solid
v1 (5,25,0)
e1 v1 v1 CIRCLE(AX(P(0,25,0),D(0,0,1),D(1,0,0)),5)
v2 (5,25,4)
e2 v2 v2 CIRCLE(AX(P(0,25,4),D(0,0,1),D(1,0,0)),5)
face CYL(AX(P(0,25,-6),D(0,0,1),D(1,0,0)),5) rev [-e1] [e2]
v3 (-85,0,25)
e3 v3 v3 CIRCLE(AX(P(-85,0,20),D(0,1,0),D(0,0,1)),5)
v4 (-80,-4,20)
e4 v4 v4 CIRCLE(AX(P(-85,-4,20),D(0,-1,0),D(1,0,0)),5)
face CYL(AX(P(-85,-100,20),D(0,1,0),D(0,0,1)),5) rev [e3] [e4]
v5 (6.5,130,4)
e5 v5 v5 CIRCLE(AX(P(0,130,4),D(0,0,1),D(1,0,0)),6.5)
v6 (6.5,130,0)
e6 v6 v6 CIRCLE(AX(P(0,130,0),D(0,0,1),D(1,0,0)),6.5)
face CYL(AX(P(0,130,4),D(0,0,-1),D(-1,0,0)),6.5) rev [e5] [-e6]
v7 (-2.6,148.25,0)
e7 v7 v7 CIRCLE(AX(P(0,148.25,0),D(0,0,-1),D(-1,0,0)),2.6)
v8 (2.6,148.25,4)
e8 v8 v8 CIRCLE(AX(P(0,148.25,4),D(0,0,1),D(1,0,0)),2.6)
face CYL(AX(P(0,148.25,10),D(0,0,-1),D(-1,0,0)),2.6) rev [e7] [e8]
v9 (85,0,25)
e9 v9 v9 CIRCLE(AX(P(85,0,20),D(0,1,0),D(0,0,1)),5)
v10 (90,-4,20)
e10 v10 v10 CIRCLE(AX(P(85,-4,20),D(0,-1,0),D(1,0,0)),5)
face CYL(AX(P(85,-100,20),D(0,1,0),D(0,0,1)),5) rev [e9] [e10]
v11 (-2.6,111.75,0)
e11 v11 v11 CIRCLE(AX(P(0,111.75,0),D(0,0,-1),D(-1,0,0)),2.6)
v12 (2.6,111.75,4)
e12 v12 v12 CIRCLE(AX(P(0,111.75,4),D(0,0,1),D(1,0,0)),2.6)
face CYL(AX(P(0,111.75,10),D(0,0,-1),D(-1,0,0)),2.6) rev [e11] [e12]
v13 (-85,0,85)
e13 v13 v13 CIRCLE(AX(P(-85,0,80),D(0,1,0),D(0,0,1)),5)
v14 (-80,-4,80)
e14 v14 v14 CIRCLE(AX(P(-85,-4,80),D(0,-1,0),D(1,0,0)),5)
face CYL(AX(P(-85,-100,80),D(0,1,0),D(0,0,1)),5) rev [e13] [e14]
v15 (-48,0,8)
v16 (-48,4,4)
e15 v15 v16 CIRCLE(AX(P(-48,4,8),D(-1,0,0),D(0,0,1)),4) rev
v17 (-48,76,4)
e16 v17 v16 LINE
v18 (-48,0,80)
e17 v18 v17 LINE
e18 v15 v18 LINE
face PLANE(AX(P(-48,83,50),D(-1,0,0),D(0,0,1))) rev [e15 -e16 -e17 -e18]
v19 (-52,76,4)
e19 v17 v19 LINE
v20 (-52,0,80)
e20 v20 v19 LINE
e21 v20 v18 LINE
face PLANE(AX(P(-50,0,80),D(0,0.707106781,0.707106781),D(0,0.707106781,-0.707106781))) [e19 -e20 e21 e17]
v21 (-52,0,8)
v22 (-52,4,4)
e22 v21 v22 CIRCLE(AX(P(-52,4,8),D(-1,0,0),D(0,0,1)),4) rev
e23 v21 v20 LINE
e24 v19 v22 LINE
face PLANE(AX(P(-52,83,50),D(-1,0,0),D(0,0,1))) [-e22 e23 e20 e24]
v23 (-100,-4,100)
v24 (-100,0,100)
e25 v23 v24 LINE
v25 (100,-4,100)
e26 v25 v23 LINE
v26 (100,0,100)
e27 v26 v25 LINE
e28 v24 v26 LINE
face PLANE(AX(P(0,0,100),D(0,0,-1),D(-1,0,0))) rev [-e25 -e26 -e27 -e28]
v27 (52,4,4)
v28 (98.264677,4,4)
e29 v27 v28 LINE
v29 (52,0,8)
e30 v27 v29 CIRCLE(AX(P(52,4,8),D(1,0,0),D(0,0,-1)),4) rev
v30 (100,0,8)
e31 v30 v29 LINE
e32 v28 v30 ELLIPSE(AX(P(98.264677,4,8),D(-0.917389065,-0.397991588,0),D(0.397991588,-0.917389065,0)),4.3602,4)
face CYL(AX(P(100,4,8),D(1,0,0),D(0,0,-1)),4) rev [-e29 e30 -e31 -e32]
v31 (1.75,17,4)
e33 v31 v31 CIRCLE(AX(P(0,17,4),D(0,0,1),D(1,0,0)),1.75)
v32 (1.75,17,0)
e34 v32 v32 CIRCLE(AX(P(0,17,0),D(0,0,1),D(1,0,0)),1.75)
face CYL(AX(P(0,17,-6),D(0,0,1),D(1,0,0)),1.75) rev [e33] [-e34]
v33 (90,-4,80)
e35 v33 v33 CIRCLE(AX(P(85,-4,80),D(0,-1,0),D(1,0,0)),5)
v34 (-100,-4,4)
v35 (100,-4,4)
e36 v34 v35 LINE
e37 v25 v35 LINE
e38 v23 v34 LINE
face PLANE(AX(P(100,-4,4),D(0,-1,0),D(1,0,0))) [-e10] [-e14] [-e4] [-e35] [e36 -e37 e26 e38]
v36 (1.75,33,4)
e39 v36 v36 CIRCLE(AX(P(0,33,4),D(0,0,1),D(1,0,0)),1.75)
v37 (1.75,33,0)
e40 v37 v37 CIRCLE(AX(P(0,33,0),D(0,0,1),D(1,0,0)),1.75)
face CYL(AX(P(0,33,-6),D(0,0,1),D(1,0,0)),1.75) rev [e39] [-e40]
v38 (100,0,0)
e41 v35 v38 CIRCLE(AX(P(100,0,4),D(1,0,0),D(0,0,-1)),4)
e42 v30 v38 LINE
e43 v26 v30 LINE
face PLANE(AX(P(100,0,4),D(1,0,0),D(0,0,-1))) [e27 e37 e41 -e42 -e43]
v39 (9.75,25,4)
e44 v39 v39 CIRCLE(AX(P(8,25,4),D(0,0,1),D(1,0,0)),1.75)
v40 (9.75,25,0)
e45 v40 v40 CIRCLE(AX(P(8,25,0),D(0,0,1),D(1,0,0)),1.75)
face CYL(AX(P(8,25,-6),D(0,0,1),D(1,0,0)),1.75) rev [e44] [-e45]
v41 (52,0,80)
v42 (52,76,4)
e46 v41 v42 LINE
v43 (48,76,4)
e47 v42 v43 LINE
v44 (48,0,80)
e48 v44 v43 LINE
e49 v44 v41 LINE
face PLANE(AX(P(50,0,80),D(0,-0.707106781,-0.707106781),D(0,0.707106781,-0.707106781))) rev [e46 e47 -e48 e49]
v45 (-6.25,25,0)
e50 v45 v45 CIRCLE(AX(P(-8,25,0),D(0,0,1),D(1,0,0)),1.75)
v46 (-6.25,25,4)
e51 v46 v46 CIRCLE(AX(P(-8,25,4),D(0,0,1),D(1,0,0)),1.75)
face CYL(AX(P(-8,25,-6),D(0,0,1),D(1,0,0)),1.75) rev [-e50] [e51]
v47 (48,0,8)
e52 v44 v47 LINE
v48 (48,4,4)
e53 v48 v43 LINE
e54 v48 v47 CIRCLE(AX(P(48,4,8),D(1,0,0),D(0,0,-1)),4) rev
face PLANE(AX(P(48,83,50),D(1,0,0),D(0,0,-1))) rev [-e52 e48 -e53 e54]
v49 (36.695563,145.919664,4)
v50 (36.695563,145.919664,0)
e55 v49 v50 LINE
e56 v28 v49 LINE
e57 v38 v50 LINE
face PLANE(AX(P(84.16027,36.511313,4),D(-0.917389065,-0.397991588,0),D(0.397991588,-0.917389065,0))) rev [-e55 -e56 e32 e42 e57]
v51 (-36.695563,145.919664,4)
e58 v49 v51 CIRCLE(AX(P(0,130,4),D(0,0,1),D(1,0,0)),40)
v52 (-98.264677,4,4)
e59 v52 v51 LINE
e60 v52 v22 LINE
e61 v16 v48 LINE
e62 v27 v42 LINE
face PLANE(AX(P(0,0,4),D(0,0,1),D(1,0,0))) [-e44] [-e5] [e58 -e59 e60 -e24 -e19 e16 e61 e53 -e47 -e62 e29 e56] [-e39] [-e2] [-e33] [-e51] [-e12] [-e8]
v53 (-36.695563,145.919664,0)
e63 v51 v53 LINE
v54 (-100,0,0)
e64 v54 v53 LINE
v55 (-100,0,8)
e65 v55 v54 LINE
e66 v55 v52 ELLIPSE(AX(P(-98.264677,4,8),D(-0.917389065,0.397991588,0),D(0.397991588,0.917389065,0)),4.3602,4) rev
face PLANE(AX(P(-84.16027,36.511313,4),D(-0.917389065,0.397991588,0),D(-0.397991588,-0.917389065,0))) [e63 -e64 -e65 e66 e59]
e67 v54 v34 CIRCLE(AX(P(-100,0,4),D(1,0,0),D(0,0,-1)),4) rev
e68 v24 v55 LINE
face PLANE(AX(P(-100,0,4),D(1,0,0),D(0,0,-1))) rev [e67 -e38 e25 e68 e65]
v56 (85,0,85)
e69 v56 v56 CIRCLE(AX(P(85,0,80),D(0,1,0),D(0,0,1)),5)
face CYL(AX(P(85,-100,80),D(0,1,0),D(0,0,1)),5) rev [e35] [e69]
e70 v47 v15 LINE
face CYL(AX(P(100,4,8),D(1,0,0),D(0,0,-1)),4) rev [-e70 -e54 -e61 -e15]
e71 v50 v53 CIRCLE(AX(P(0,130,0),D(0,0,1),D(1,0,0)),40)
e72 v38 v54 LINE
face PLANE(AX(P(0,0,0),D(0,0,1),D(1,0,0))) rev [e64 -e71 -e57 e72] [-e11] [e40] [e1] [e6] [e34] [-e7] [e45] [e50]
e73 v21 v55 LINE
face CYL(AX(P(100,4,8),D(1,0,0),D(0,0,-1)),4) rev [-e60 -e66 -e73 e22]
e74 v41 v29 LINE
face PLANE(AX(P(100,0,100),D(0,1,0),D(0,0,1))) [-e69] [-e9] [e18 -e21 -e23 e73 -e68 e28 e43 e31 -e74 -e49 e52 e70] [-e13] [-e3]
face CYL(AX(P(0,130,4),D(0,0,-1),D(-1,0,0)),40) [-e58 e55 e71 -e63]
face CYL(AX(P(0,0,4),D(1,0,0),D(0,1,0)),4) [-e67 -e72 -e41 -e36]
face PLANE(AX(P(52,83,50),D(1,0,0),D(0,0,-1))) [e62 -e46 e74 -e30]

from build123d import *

# Parameters (mm, degrees)
SKETCH1_R           = 6.5
BOSS_EXTRUDE1_DEPTH = 4
SKETCH4_R           = 2.6
CUT_EXTRUDE1_DEPTH  = 10
SKETCH5_W           = 200
SKETCH5_H           = 4
BOSS_EXTRUDE2_DEPTH = 100
FILLET1_R           = 4
SKETCH8_R           = 5
CUT_EXTRUDE2_DEPTH  = 100
SKETCH9_R           = 5
SKETCH9_R_2         = 1.75
CUT_EXTRUDE3_DEPTH  = 10
RIB1_REACH          = 249.79
SKETCH10_WALL_W     = 610.717552724
SKETCH10_WALL_H     = 4


with BuildPart() as part:
    # Sketch1 → Boss-Extrude1 (new body)
    with BuildSketch(Plane.XY):
        with BuildLine():
            Line((100, -4), (100, 0))
            Line((100, 0), (36.695562583, 145.919663525))
            ThreePointArc((36.695562583, 145.919663525), (0, 170), (-36.695562583, 145.919663525))
            Line((-36.695562583, 145.919663525), (-100, 0))
            Line((-100, 0), (-100, -4))
            Line((-100, -4), (100, -4))
        make_face()
        with Locations((0, 130)):
            Circle(SKETCH1_R, mode=Mode.SUBTRACT)
    extrude(amount=BOSS_EXTRUDE1_DEPTH)

    # Sketch4 → Cut-Extrude1 (cut)
    with BuildSketch(Plane(origin=(0, 0, 0), x_dir=(-1, 0, 0), z_dir=(0, 0, -1))):
        with Locations((0, 111.75)):
            Circle(SKETCH4_R)
        with Locations((0, 148.25)):
            Circle(SKETCH4_R)
    extrude(amount=-CUT_EXTRUDE1_DEPTH, mode=Mode.SUBTRACT)

    # Sketch5 → Boss-Extrude2 (add)
    with BuildSketch(Plane(origin=(0, 0, 0), x_dir=(-1, 0, 0), z_dir=(0, 0, -1))):
        with Locations((0, -2)):
            Rectangle(SKETCH5_W, SKETCH5_H)
    extrude(amount=-BOSS_EXTRUDE2_DEPTH)

    # Fillet1
    fillet1_edges = [part.edges().sort_by_distance(p)[0] for p in [
        (0, -4, 0),
        (0, 0, 4),
    ]]
    fillet(fillet1_edges, radius=FILLET1_R)

    # Sketch8 → Cut-Extrude2 (cut)
    with BuildSketch(Plane(origin=(0, 0, 0), x_dir=(1, 0, 0), z_dir=(0, 1, 0))):
        with Locations(Location((-85, -80, 0), (0, 0, 270))):
            Circle(SKETCH8_R)
        with Locations(Location((-85, -20, 0), (0, 0, 270))):
            Circle(SKETCH8_R)
        with Locations(Location((85, -80, 0), (0, 0, 270))):
            Circle(SKETCH8_R)
        with Locations(Location((85, -20, 0), (0, 0, 270))):
            Circle(SKETCH8_R)
    extrude(amount=-CUT_EXTRUDE2_DEPTH, mode=Mode.SUBTRACT)

    # Sketch9 → Cut-Extrude3 (cut)
    with BuildSketch(Plane.XY.offset(4)):
        with Locations((0, 25)):
            Circle(SKETCH9_R)
        with Locations((0, 33)):
            Circle(SKETCH9_R_2)
        with Locations((0, 17)):
            Circle(SKETCH9_R_2)
        with Locations((8, 25)):
            Circle(SKETCH9_R_2)
        with Locations((-8, 25)):
            Circle(SKETCH9_R_2)
    extrude(amount=-CUT_EXTRUDE3_DEPTH, mode=Mode.SUBTRACT)

    # Sketch10 wall → Rib1 (add, up to next)
    with BuildSketch(Plane(origin=(-50, 40, 40), x_dir=(0, 0.707106781187, -0.707106781187), z_dir=(0, -0.707106781187, -0.707106781187)), mode=Mode.PRIVATE) as rib1_sk1:
        Rectangle(SKETCH10_WALL_W, SKETCH10_WALL_H)
    rib1_tool1 = extrude(rib1_sk1.sketch, amount=RIB1_REACH, mode=Mode.PRIVATE) - part.part
    rib1 = rib1_tool1.solids().sort_by_distance((-50, 40, 40))[0]
    add(rib1)

    # Mirror1: Rib1 across plane
    add(rib1.mirror(Plane(origin=(0, 0, 0), x_dir=(0, 0, 1), z_dir=(1, 0, 0))))


solid = part.part
